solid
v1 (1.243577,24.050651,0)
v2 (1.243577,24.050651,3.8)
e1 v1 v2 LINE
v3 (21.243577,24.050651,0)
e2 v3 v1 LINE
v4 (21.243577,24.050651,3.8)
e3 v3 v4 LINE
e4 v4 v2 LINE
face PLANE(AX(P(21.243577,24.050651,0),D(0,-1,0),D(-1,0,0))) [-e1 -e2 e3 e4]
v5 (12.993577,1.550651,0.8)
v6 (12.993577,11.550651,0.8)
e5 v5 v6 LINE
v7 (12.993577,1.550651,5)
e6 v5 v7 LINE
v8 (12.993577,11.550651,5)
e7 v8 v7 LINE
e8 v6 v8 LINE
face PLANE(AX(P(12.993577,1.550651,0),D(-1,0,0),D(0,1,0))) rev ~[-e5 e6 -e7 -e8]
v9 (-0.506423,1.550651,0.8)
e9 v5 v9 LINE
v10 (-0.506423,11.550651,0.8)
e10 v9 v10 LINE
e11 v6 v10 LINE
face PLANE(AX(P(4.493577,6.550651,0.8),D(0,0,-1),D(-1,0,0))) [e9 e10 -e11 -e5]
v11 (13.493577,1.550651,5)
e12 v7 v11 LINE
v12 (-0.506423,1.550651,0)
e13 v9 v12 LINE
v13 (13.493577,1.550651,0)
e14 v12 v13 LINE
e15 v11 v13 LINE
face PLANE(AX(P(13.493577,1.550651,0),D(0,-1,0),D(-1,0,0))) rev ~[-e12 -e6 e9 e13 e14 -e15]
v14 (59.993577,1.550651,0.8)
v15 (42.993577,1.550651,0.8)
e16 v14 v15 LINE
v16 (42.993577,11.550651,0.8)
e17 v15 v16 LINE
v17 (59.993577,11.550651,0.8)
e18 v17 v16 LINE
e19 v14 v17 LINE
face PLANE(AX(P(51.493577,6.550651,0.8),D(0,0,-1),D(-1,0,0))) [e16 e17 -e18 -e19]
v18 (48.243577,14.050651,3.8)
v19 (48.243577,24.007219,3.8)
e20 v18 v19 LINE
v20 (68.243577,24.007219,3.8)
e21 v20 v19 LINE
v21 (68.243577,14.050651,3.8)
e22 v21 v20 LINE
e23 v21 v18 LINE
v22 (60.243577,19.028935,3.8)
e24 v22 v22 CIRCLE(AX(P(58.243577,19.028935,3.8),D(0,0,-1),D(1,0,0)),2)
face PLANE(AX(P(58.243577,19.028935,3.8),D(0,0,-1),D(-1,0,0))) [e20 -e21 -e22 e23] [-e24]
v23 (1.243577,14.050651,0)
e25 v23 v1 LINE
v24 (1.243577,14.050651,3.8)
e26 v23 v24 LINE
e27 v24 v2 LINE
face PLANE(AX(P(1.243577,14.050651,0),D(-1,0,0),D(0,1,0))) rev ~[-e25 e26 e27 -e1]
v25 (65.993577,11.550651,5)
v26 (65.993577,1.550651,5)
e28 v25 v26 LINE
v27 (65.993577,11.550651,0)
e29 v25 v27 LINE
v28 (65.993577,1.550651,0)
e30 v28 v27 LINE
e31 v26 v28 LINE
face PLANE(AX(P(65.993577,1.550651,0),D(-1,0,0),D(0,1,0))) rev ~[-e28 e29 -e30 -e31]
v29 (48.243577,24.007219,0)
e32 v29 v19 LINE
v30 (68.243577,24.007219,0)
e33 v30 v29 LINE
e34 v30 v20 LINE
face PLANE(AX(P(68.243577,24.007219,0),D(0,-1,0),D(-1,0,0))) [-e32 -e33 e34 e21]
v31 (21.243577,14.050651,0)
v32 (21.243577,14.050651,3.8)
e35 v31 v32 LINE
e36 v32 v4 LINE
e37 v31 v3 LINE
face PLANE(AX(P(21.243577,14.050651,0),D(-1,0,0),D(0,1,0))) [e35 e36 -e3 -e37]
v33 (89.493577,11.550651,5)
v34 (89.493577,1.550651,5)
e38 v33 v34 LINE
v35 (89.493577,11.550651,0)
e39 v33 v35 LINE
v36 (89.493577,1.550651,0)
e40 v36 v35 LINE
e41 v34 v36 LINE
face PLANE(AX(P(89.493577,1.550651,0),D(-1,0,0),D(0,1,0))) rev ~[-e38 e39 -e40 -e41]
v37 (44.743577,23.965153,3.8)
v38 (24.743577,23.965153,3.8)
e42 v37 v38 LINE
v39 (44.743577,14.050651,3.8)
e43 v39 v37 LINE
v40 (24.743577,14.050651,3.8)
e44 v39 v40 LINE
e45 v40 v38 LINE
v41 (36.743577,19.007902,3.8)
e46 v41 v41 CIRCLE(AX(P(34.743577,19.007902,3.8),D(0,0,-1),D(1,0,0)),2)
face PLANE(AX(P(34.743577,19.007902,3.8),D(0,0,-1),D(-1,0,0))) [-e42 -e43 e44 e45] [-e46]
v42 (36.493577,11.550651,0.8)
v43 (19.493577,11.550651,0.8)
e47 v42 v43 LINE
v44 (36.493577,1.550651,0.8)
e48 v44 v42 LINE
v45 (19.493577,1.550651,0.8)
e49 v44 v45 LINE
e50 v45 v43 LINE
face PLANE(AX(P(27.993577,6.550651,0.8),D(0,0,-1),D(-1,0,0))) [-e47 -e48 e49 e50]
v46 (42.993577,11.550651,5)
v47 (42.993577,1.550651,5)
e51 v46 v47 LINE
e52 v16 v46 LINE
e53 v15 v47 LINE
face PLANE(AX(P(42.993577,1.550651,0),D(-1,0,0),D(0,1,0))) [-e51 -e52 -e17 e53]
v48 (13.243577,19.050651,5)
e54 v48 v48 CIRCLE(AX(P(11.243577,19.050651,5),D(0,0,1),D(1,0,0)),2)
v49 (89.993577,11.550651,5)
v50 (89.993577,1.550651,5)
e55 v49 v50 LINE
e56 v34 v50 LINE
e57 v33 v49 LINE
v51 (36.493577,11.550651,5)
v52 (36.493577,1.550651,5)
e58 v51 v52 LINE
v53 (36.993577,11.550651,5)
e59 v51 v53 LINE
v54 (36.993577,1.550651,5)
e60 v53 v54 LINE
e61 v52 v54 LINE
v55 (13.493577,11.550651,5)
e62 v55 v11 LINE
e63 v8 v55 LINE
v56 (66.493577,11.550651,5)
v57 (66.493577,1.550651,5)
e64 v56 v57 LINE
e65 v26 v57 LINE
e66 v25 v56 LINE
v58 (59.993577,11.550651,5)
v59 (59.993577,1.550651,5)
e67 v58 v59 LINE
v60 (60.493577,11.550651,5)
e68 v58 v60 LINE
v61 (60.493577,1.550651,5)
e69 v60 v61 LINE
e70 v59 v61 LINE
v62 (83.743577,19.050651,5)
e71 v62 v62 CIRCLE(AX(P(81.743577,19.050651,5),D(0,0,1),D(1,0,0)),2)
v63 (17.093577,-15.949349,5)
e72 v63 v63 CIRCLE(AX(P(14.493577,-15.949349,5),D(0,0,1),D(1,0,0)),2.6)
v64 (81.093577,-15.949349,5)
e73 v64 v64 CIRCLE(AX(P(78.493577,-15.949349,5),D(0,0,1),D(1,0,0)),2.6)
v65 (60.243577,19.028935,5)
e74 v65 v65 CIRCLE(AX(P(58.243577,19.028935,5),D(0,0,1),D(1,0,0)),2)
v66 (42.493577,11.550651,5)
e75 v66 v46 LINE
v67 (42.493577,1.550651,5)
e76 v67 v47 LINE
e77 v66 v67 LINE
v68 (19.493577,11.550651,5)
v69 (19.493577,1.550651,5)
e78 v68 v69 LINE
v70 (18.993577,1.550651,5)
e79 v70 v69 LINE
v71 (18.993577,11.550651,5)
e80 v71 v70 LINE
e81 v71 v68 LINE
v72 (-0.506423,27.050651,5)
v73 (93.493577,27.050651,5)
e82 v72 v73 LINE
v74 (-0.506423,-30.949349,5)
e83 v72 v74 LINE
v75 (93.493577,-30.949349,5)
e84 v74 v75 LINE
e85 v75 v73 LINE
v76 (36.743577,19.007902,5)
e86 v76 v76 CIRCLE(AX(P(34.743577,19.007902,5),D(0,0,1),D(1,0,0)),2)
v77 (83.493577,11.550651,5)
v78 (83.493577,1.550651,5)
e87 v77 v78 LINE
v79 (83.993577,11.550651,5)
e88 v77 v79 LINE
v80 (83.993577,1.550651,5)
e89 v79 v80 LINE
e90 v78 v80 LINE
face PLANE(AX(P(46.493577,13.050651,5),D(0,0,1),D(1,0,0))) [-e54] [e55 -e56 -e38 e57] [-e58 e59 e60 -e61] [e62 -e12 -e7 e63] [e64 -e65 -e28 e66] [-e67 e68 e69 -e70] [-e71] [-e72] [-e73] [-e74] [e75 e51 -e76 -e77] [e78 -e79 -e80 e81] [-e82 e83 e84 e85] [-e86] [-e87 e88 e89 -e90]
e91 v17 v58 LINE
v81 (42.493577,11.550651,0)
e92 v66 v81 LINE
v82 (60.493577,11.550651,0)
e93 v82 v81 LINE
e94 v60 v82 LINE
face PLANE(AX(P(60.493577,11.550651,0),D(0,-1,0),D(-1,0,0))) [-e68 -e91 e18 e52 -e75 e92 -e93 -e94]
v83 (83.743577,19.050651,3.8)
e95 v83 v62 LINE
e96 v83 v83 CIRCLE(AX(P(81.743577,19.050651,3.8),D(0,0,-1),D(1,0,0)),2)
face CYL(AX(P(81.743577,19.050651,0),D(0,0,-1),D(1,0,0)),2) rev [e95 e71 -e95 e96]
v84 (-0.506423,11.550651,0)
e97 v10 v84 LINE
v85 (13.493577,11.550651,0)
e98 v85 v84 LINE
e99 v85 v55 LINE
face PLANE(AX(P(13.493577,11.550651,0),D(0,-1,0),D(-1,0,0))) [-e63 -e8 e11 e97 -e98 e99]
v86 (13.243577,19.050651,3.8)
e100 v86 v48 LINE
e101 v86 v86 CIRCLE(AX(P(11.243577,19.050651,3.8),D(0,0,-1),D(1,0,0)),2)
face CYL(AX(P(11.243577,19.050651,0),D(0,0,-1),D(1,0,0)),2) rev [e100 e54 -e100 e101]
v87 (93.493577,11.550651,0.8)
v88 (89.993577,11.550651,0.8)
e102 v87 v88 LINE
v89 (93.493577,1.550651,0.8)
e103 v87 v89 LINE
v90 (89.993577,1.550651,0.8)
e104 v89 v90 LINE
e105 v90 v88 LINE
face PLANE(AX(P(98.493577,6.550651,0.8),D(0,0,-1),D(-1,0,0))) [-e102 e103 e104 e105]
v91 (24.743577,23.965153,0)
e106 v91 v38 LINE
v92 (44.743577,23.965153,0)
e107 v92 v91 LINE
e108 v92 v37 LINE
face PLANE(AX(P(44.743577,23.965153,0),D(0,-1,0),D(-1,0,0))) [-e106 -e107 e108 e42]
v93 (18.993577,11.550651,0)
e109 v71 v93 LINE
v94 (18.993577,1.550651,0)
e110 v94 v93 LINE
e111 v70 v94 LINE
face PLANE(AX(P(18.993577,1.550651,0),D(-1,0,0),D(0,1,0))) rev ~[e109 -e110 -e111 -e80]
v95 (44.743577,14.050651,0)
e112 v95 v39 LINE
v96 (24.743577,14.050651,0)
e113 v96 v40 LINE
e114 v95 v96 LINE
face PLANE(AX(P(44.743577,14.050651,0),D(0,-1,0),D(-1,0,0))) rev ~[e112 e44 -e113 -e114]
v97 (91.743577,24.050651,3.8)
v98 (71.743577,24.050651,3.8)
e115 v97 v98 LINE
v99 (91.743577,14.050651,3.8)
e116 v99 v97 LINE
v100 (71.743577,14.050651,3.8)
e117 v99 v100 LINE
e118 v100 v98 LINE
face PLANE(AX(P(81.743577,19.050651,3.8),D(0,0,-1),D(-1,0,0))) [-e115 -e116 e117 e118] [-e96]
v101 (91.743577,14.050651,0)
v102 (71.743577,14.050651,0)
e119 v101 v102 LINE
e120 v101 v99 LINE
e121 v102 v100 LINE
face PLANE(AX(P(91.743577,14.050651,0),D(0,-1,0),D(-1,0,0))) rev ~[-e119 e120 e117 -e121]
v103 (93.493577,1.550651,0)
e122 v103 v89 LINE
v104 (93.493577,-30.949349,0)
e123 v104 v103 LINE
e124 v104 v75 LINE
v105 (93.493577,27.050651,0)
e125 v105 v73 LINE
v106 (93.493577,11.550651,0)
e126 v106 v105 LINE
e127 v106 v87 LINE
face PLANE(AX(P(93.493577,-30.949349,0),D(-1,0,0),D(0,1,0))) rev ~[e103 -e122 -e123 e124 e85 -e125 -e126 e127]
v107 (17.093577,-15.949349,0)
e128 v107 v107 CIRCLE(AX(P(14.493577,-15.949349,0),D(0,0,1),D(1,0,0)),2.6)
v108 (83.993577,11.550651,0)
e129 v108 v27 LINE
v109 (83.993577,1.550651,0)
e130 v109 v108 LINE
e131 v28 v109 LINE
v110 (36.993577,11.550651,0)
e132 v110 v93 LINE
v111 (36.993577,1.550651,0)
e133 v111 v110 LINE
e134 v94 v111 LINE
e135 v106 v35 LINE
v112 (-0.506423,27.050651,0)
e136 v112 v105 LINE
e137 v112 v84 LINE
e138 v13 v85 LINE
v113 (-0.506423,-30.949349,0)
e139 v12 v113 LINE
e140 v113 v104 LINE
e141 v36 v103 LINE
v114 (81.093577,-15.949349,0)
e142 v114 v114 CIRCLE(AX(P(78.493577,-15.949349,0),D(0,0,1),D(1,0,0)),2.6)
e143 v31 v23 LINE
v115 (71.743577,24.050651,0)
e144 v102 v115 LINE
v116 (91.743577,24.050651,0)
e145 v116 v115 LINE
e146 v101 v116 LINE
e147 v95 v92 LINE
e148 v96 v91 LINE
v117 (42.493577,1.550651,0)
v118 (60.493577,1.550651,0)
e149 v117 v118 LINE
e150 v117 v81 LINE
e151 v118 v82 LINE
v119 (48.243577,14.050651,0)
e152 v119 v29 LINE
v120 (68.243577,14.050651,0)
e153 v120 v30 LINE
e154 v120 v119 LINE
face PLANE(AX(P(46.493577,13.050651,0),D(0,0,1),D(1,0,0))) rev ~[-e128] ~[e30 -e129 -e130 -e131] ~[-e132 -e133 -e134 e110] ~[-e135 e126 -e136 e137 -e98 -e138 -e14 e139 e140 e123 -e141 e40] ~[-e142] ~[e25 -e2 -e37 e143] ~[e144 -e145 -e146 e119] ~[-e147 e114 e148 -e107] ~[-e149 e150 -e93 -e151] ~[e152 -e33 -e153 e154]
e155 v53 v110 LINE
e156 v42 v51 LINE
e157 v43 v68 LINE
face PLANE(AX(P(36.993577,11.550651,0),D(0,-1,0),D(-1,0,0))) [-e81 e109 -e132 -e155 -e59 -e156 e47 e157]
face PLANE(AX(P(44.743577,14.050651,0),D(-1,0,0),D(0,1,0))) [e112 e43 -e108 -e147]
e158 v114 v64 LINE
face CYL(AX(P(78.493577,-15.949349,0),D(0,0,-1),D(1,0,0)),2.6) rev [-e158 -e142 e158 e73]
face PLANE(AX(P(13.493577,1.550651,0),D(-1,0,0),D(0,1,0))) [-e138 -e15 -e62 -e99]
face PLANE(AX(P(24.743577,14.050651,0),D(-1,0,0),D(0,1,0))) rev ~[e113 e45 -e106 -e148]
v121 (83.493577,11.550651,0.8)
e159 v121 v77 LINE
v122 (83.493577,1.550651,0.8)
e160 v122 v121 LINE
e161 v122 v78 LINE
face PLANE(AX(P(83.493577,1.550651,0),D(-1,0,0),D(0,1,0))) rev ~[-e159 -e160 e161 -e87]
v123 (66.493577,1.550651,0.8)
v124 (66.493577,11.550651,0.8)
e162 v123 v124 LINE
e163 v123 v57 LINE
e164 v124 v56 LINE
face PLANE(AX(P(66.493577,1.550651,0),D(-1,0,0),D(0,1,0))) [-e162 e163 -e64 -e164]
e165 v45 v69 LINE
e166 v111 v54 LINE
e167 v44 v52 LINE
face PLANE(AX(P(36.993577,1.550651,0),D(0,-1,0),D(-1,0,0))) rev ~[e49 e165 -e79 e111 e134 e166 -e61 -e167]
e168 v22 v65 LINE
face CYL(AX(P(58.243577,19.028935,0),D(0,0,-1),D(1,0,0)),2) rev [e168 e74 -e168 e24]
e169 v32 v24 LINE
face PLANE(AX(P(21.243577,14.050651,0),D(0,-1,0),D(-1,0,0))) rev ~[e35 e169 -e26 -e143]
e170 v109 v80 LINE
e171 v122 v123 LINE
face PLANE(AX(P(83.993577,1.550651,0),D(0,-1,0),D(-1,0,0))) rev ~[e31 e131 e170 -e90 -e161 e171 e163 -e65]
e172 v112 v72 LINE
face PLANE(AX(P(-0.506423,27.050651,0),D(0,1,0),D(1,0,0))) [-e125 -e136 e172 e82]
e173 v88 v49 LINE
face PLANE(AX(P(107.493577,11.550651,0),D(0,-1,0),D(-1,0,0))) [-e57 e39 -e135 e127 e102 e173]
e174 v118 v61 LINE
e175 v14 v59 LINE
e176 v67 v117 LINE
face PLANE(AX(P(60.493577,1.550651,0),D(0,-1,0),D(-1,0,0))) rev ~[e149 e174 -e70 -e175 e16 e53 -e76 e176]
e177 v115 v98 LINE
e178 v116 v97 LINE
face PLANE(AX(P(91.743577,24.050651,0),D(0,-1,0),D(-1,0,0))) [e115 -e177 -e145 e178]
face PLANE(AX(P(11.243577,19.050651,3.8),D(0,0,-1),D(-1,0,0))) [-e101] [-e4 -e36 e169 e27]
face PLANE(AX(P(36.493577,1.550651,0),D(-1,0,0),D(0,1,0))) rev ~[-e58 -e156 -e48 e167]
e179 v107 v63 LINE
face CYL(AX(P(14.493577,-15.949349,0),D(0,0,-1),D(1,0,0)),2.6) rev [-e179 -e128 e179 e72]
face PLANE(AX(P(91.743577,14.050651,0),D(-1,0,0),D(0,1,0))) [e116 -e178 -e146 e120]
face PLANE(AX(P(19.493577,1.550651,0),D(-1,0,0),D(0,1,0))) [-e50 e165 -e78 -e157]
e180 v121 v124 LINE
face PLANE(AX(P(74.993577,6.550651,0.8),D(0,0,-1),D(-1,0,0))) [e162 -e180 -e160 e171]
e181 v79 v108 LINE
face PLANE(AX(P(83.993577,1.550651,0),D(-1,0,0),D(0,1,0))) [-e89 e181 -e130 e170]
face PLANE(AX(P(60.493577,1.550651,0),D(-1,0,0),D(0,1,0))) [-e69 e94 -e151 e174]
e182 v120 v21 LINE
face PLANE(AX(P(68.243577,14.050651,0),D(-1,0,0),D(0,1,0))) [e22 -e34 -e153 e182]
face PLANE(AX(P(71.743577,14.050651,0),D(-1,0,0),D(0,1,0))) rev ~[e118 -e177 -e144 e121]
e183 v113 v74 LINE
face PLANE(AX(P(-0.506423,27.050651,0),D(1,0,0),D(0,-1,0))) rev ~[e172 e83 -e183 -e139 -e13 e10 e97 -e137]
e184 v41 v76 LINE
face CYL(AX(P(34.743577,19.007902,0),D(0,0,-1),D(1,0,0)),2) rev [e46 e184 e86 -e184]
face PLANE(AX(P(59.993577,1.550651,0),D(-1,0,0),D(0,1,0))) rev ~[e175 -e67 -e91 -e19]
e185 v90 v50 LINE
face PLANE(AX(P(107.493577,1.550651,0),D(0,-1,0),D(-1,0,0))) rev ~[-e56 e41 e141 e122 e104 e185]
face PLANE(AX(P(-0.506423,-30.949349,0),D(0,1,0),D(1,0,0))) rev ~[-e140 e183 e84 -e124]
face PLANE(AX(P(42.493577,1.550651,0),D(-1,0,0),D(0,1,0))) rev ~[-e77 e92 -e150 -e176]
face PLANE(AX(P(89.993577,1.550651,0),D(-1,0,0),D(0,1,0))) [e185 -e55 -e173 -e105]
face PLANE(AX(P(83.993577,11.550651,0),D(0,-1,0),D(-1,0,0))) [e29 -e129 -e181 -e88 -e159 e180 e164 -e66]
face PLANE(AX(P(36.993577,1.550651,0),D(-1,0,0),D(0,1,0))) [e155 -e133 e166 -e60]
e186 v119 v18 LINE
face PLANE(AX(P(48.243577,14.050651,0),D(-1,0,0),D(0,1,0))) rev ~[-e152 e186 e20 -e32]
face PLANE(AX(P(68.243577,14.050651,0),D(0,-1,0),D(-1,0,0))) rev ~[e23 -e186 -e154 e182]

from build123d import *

# Parameters (mm, degrees)
SKETCH_1_W          = 94
SKETCH_1_H          = 28
SKETCH_1_R          = 2
SKETCH_1_H_2        = 30
SKETCH_1_R_2        = 2.6
EXTRUDE_1_DEPTH     = 5
SKETCH_2_W          = 20
SKETCH_2_H          = 10
SKETCH_2_H_2        = 9.9565682
SKETCH_2_H_3        = 9.91450181
CUT_EXTRUDE_1_DEPTH = 3.8
SKETCH_3_W          = 18
SKETCH_3_H          = 10
CUT_EXTRUDE_2_DEPTH = 0.8
SKETCH_4_W          = 0.5
SKETCH_4_H          = 10
CUT_EXTRUDE_3_DEPTH = 6


with BuildPart() as part:
    # 草图1 → 凸台-拉伸1 (new body)
    with BuildSketch(Plane.XY):
        with Locations((46.493576546, 13.050650803)):
            Rectangle(SKETCH_1_W, SKETCH_1_H)
        with Locations((11.243576546, 19.050650803)):
            Circle(SKETCH_1_R, mode=Mode.SUBTRACT)
        with Locations((34.743576546, 19.007901708)):
            Circle(SKETCH_1_R, mode=Mode.SUBTRACT)
        with Locations((58.243576546, 19.028934903)):
            Circle(SKETCH_1_R, mode=Mode.SUBTRACT)
        with Locations((81.743576546, 19.050650803)):
            Circle(SKETCH_1_R, mode=Mode.SUBTRACT)
        with Locations((46.493576546, -15.949349197)):
            Rectangle(SKETCH_1_W, SKETCH_1_H_2)
        with Locations((14.493576546, -15.949349197)):
            Circle(SKETCH_1_R_2, mode=Mode.SUBTRACT)
        with Locations((78.493576546, -15.949349197)):
            Circle(SKETCH_1_R_2, mode=Mode.SUBTRACT)
    extrude(amount=EXTRUDE_1_DEPTH)

    # 草图2 → 切除-拉伸1 (cut)
    with BuildSketch(Plane(origin=(0, 0, 0), x_dir=(-1, 0, 0), z_dir=(0, 0, -1))):
        with Locations((-81.743576546, 19.050650803)):
            Rectangle(SKETCH_2_W, SKETCH_2_H)
        with Locations((-58.243576546, 19.028934903)):
            Rectangle(SKETCH_2_W, SKETCH_2_H_2)
        with Locations((-34.743576546, 19.007901708)):
            Rectangle(SKETCH_2_W, SKETCH_2_H_3)
        with Locations((-11.243576546, 19.050650803)):
            Rectangle(SKETCH_2_W, SKETCH_2_H)
    extrude(amount=-CUT_EXTRUDE_1_DEPTH, mode=Mode.SUBTRACT)

    # 草图3 → 切除-拉伸2 (cut)
    with BuildSketch(Plane(origin=(0, 0, 0), x_dir=(-1, 0, 0), z_dir=(0, 0, -1))):
        with Locations((-4.493576546, 6.550650803)):
            Rectangle(SKETCH_3_W, SKETCH_3_H)
        with Locations((-27.993576546, 6.550650803)):
            Rectangle(SKETCH_3_W, SKETCH_3_H)
        with Locations((-51.493576546, 6.550650803)):
            Rectangle(SKETCH_3_W, SKETCH_3_H)
        with Locations((-74.993576546, 6.550650803)):
            Rectangle(SKETCH_3_W, SKETCH_3_H)
        with Locations((-98.493576546, 6.550650803)):
            Rectangle(SKETCH_3_W, SKETCH_3_H)
    extrude(amount=-CUT_EXTRUDE_2_DEPTH, mode=Mode.SUBTRACT)

    # 草图4 → 切除-拉伸3 (cut, through all)
    with BuildSketch(Plane(origin=(0, 0, 0), x_dir=(-1, 0, 0), z_dir=(0, 0, -1))):
        with Locations((-13.243576546, 6.550650803)):
            Rectangle(SKETCH_4_W, SKETCH_4_H)
        with Locations((-19.243576546, 6.550650803)):
            Rectangle(SKETCH_4_W, SKETCH_4_H)
        with Locations((-36.743576546, 6.550650803)):
            Rectangle(SKETCH_4_W, SKETCH_4_H)
        with Locations((-42.743576546, 6.550650803)):
            Rectangle(SKETCH_4_W, SKETCH_4_H)
        with Locations((-60.243576546, 6.550650803)):
            Rectangle(SKETCH_4_W, SKETCH_4_H)
        with Locations((-66.243576546, 6.550650803)):
            Rectangle(SKETCH_4_W, SKETCH_4_H)
        with Locations((-83.743576546, 6.550650803)):
            Rectangle(SKETCH_4_W, SKETCH_4_H)
        with Locations((-89.743576546, 6.550650803)):
            Rectangle(SKETCH_4_W, SKETCH_4_H)
    extrude(amount=-CUT_EXTRUDE_3_DEPTH, mode=Mode.SUBTRACT)


solid = part.part
